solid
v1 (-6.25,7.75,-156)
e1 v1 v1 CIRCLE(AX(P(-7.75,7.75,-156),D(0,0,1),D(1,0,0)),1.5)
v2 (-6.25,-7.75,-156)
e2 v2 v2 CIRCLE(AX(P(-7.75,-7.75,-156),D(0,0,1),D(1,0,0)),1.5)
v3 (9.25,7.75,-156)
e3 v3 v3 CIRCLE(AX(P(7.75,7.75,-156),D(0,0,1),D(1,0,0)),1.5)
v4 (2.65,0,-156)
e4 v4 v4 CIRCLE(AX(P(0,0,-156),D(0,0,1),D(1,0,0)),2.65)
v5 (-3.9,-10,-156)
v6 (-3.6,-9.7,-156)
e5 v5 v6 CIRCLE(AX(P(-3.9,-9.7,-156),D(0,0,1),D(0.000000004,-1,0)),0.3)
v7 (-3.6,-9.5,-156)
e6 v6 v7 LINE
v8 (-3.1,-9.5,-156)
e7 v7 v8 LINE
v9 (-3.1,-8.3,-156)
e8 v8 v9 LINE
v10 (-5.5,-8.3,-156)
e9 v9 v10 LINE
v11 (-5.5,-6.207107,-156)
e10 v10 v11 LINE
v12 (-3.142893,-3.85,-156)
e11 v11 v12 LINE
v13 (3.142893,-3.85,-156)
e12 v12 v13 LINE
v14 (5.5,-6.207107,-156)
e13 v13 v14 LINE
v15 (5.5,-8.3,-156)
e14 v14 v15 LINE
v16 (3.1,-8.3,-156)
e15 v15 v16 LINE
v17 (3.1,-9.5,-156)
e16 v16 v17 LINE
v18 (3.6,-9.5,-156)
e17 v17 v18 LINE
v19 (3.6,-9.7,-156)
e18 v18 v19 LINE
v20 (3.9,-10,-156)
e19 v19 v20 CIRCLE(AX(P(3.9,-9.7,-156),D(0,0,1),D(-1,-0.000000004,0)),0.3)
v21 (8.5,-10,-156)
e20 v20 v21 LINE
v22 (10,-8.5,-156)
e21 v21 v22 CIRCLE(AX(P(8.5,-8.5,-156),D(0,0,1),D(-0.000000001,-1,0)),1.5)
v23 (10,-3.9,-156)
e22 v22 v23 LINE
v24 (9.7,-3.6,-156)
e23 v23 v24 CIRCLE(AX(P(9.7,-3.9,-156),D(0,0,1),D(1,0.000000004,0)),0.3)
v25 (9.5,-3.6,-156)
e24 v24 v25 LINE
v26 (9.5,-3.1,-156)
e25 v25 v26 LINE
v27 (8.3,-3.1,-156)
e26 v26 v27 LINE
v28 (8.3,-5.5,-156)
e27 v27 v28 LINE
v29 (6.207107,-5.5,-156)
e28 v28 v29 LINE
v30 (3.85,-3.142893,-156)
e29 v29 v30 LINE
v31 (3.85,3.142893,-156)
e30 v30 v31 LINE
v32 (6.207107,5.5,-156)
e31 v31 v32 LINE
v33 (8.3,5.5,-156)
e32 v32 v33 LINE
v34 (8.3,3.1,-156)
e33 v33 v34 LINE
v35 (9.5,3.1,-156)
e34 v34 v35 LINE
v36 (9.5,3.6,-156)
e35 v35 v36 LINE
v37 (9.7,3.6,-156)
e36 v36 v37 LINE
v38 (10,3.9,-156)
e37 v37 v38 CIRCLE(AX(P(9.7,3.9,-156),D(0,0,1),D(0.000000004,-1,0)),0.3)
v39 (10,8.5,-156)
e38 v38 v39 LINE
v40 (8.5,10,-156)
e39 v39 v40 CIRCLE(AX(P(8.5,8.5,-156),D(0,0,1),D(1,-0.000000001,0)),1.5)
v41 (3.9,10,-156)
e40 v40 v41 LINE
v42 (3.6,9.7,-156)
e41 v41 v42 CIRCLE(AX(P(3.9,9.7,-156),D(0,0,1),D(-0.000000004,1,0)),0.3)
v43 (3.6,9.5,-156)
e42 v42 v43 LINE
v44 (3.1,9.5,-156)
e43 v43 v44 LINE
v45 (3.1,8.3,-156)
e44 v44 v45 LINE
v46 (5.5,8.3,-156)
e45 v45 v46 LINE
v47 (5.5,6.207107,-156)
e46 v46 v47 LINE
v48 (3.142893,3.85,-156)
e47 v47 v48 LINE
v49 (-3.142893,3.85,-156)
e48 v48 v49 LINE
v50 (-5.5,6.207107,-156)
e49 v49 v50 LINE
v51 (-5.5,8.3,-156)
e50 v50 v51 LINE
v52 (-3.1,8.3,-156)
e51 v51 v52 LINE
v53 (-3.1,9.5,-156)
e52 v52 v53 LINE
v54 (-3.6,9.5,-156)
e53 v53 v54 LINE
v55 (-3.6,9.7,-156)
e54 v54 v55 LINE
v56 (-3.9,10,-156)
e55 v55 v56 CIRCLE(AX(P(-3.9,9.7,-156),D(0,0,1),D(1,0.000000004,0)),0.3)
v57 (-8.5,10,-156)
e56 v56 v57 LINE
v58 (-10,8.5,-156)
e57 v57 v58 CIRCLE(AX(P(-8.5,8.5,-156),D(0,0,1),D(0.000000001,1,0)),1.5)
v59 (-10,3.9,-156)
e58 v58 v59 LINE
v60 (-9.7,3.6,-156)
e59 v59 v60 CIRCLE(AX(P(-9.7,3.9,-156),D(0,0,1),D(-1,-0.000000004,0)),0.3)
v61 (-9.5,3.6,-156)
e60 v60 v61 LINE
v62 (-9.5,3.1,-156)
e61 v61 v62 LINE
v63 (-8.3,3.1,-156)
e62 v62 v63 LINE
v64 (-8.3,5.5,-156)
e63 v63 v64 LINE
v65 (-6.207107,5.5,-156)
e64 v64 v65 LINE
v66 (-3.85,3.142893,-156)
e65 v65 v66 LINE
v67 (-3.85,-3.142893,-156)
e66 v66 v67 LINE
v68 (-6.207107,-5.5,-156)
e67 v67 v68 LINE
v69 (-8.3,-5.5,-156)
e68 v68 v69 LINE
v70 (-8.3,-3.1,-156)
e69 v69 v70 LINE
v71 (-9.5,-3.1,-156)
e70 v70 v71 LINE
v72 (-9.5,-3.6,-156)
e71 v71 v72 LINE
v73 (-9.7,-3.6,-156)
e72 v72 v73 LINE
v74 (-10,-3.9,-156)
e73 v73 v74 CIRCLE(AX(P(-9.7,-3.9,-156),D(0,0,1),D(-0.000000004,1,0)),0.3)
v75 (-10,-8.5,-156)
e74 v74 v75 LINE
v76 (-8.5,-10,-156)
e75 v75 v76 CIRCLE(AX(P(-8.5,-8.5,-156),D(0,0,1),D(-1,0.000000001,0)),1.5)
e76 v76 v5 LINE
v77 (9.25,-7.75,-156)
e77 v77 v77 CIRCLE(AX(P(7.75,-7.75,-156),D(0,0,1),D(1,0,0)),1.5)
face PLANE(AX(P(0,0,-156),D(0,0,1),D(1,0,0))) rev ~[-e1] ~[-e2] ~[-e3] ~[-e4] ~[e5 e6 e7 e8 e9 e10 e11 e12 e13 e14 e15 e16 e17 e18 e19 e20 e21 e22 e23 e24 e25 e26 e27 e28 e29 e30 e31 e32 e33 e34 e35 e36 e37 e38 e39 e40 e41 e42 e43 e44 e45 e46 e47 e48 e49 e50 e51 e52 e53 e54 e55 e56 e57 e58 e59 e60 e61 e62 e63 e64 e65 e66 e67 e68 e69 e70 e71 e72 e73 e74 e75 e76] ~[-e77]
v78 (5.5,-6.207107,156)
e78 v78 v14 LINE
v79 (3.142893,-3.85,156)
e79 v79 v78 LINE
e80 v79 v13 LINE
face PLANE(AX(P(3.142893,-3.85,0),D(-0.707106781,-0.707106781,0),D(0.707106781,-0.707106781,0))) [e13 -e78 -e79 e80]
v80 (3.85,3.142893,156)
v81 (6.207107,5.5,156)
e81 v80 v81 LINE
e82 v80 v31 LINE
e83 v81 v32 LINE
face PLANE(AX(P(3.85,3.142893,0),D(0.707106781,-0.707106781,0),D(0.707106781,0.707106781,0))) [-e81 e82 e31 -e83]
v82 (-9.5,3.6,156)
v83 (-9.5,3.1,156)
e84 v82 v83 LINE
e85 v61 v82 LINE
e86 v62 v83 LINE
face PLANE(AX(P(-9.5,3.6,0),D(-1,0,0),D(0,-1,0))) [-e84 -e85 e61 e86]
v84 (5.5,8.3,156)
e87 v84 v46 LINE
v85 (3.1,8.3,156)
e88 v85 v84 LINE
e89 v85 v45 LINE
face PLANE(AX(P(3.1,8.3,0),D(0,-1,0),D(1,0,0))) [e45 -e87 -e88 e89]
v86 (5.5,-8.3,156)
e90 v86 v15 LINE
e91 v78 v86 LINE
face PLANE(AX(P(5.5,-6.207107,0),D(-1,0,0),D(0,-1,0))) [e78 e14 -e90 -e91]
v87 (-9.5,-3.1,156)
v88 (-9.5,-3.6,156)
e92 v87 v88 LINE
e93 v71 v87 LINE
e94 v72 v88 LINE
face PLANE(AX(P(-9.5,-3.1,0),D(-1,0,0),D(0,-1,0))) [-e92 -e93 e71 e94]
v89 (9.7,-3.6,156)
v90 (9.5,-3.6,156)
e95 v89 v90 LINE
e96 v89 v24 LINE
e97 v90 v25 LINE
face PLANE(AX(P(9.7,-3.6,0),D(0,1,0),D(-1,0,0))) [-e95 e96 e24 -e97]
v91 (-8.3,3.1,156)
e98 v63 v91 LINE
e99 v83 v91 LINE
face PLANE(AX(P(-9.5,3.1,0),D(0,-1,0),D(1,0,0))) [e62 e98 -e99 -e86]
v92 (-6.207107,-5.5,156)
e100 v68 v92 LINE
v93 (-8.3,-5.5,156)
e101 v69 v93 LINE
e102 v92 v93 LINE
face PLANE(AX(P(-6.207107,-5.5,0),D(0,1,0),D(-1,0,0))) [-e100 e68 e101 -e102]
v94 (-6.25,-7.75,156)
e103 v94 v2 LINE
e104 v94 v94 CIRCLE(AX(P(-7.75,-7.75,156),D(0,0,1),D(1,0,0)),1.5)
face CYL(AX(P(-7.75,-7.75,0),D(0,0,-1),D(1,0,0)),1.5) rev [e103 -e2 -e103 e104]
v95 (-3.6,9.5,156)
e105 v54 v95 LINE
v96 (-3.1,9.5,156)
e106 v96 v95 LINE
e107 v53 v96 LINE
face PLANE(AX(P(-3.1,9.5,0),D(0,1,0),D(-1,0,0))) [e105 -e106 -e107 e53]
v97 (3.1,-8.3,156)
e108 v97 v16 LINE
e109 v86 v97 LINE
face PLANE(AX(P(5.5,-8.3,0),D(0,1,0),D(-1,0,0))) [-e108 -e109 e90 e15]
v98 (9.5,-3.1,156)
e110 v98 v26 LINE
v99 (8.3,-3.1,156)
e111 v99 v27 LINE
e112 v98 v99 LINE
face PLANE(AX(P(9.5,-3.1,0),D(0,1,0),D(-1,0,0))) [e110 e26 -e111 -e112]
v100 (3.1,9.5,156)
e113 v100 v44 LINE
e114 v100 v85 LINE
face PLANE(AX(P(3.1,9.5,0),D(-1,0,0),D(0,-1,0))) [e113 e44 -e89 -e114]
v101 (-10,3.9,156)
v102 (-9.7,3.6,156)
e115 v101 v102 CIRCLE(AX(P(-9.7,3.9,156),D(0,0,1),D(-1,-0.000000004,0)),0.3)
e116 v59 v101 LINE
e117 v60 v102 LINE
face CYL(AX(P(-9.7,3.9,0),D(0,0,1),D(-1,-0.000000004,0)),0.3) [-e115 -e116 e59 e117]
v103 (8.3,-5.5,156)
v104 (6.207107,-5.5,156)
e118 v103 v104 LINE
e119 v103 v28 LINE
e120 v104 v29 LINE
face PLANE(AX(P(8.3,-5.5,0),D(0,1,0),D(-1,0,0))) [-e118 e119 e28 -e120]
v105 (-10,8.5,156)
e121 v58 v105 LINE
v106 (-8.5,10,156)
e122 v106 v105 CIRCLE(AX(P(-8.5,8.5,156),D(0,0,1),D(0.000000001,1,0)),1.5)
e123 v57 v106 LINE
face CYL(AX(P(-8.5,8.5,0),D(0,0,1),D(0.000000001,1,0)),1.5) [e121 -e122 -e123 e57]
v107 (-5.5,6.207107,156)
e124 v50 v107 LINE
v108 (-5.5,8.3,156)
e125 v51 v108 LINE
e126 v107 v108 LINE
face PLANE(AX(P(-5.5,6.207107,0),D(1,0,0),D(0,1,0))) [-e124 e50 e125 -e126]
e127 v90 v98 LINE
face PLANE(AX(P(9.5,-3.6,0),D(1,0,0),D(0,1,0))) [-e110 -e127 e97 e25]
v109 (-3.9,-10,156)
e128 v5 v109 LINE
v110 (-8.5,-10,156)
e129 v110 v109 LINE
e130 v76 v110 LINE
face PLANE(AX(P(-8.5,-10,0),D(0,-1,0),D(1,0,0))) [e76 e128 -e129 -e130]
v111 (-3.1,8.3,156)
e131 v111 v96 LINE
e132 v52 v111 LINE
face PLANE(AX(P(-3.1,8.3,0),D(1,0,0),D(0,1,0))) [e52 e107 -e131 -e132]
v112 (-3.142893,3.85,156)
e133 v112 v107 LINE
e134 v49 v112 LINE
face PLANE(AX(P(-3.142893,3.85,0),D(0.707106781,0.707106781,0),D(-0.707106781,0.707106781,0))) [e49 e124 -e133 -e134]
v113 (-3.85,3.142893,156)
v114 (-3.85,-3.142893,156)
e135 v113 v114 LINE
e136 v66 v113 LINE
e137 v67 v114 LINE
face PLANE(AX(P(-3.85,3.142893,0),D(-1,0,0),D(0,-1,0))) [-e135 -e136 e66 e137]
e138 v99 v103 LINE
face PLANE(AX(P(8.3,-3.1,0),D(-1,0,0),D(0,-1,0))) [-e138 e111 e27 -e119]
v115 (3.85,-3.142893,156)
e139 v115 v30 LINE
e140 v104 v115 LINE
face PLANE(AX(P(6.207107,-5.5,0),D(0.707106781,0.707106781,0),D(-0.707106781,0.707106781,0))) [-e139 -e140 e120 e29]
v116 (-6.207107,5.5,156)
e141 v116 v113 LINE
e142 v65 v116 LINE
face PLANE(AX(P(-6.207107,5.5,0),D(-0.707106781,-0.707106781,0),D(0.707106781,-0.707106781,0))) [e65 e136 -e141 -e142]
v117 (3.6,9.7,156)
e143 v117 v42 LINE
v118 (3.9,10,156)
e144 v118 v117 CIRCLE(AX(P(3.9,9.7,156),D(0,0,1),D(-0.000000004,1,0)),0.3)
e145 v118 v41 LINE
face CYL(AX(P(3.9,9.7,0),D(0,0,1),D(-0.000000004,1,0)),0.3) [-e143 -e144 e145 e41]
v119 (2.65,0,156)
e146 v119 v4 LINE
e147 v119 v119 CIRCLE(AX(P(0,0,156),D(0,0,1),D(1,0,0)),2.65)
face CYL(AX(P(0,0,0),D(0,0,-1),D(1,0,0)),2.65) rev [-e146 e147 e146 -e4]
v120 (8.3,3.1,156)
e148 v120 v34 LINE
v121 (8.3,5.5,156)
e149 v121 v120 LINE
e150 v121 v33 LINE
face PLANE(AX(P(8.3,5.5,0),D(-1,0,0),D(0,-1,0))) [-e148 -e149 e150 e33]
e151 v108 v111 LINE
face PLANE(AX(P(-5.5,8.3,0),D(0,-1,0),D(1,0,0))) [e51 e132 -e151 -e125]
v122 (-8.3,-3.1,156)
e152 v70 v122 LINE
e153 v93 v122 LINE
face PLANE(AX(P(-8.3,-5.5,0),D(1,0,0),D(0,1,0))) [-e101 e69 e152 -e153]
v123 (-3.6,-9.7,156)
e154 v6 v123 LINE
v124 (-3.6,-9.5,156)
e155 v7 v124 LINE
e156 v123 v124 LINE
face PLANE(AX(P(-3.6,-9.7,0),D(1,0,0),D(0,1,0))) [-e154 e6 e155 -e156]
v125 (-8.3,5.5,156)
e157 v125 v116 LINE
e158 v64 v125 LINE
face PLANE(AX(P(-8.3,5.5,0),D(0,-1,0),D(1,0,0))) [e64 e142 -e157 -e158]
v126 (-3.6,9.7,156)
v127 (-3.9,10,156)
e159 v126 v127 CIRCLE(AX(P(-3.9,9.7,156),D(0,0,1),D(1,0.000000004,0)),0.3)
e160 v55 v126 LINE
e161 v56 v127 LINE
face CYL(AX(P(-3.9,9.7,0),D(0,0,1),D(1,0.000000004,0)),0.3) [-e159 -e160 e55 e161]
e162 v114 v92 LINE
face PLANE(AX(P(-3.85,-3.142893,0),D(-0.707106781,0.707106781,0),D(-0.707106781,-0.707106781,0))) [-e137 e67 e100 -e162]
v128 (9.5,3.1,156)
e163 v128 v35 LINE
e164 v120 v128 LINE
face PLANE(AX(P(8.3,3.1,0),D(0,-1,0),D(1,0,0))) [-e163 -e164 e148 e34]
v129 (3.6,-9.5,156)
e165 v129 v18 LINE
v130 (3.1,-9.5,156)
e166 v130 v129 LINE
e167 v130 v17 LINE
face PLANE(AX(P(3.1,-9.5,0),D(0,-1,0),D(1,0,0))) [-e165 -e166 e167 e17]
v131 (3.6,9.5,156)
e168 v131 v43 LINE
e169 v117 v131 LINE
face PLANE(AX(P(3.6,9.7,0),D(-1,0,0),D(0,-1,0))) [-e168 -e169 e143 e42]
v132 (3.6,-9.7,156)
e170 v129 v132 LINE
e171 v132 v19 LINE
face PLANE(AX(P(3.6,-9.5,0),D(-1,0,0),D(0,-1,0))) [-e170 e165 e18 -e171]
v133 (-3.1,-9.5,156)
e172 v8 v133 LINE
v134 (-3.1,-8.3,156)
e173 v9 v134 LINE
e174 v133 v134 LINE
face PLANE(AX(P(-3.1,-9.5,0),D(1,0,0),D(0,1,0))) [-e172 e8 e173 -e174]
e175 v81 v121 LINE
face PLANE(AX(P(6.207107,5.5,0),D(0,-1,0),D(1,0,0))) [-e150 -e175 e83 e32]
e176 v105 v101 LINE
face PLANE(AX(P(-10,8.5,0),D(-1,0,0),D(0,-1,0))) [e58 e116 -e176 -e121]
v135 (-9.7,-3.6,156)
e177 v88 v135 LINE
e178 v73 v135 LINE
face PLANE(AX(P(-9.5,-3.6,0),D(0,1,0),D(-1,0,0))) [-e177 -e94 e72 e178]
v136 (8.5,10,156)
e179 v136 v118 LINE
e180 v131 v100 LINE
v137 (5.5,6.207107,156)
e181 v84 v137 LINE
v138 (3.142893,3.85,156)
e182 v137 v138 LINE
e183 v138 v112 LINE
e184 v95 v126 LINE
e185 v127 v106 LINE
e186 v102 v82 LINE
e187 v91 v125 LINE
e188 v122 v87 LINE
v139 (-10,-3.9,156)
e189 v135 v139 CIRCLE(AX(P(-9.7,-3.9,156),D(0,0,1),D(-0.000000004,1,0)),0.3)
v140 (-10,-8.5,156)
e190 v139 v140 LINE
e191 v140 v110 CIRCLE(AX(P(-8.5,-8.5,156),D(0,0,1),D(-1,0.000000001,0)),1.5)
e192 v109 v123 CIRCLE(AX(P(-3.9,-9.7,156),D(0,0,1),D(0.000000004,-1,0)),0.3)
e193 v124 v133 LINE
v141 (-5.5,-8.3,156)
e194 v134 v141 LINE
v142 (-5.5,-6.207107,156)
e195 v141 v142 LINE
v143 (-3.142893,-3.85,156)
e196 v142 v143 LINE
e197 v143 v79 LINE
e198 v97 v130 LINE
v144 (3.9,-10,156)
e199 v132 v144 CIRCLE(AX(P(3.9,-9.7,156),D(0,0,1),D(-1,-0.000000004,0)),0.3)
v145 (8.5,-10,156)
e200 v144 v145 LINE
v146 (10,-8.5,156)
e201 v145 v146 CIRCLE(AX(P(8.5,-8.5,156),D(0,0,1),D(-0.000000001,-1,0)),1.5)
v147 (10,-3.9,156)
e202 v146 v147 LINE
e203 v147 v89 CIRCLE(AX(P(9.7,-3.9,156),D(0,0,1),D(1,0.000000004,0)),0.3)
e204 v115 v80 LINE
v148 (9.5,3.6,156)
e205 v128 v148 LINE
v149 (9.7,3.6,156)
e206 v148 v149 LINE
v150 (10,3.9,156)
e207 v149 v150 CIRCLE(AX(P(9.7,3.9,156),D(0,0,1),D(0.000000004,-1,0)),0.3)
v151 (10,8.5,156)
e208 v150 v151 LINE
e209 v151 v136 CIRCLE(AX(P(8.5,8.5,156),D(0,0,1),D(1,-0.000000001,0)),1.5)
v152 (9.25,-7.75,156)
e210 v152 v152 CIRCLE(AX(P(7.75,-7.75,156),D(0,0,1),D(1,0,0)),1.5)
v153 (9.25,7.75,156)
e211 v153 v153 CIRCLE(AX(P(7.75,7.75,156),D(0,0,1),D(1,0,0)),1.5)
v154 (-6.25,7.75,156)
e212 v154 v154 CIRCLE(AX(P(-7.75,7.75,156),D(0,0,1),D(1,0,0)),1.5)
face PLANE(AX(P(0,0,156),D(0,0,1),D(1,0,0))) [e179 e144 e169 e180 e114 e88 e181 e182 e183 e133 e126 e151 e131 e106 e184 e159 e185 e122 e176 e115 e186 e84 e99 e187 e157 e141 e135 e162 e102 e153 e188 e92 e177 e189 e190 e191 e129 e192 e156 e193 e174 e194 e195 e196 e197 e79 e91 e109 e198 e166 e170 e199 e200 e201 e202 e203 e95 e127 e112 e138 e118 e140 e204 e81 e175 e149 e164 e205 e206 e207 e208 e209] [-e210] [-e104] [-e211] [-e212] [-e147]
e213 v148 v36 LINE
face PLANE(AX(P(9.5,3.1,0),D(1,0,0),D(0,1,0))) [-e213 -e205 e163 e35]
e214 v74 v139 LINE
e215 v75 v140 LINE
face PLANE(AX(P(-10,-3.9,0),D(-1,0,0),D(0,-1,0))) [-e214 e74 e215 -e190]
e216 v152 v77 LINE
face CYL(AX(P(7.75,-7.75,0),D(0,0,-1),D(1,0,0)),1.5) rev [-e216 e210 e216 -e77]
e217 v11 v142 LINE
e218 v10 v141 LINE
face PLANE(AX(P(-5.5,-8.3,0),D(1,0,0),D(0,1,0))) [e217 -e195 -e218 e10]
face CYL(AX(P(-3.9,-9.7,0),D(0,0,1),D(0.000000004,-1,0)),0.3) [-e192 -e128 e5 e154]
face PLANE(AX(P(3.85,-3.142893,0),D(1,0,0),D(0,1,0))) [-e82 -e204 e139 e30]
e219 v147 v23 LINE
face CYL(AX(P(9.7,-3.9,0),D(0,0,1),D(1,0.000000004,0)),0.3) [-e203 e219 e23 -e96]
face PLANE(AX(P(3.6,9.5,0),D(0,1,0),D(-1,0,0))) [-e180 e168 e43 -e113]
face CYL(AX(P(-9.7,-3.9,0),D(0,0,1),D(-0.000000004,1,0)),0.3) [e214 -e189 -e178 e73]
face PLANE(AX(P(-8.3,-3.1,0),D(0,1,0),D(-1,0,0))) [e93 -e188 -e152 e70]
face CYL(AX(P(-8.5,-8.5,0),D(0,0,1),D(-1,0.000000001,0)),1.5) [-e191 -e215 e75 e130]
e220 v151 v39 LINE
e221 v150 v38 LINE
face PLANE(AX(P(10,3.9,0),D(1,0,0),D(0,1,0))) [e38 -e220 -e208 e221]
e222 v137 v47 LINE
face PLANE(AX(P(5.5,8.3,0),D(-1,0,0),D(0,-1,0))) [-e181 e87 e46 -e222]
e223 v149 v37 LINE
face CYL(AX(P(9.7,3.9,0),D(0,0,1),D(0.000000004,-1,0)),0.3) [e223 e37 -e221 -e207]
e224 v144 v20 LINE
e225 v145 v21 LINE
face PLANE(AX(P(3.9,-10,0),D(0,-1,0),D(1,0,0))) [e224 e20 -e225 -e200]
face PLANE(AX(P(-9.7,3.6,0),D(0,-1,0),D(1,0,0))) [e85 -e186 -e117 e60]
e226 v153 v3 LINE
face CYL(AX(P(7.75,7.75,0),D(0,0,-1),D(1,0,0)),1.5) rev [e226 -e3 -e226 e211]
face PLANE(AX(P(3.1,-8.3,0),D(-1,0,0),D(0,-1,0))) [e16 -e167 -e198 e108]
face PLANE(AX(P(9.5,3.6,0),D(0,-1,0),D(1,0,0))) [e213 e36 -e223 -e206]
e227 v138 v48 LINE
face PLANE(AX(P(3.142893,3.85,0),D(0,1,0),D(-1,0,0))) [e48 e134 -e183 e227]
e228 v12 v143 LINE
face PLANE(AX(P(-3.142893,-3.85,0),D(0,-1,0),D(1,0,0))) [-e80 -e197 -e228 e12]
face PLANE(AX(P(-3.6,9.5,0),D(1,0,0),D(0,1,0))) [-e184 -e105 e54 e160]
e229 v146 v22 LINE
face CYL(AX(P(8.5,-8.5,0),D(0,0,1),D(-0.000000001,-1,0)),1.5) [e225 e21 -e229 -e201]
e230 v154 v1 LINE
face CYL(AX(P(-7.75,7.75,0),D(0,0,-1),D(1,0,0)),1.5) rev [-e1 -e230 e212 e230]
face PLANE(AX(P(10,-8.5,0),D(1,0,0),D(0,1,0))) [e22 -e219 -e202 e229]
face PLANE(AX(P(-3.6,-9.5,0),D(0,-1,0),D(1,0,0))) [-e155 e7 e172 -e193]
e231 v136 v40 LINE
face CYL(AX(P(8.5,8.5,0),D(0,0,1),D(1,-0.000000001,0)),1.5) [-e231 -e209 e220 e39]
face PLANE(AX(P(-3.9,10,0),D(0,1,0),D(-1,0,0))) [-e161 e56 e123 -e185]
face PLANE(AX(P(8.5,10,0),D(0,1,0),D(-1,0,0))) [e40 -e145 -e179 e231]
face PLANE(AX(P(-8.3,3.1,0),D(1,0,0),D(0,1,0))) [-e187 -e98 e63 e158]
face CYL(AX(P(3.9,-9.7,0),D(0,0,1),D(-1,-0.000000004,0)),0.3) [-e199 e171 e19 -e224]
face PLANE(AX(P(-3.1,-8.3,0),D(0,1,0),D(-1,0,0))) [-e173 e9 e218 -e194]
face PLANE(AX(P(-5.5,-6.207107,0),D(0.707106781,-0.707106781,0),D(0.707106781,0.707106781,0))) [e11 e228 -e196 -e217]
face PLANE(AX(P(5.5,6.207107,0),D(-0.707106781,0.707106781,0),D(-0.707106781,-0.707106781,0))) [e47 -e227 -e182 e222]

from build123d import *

# Parameters (mm, degrees)
SKETCH_1_R      = 2.65
SKETCH_1_R_2    = 1.5
EXTRUDE_1_DEPTH = 156


with BuildPart() as part:
    # 草图1 → 凸台-拉伸1 (new, symmetric)
    with BuildSketch(Plane.XY):
        with BuildLine():
            Line((3.142893219, 3.85), (-3.142893219, 3.85))
            Line((-3.142893219, 3.85), (-5.5, 6.207106781))
            Line((-5.5, 6.207106781), (-5.5, 8.3))
            Line((-5.5, 8.3), (-3.1, 8.3))
            Line((-3.1, 8.3), (-3.1, 9.5))
            Line((-3.1, 9.5), (-3.6, 9.5))
            Line((-3.6, 9.5), (-3.6, 9.7))
            ThreePointArc((-3.6, 9.7), (-3.687867966, 9.912132034), (-3.9, 10))
            Line((-3.9, 10), (-8.5, 10))
            ThreePointArc((-8.5, 10), (-9.560660172, 9.560660172), (-10, 8.5))
            Line((-10, 8.5), (-10, 3.9))
            ThreePointArc((-10, 3.9), (-9.912132034, 3.687867966), (-9.7, 3.6))
            Line((-9.7, 3.6), (-9.5, 3.6))
            Line((-9.5, 3.6), (-9.5, 3.1))
            Line((-9.5, 3.1), (-8.3, 3.1))
            Line((-8.3, 3.1), (-8.3, 5.5))
            Line((-8.3, 5.5), (-6.207106781, 5.5))
            Line((-6.207106781, 5.5), (-3.85, 3.142893219))
            Line((-3.85, 3.142893219), (-3.85, -3.142893219))
            Line((-3.85, -3.142893219), (-6.207106781, -5.5))
            Line((-6.207106781, -5.5), (-8.3, -5.5))
            Line((-8.3, -5.5), (-8.3, -3.1))
            Line((-8.3, -3.1), (-9.5, -3.1))
            Line((-9.5, -3.1), (-9.5, -3.6))
            Line((-9.5, -3.6), (-9.7, -3.6))
            ThreePointArc((-9.7, -3.6), (-9.912132034, -3.687867966), (-10, -3.9))
            Line((-10, -3.9), (-10, -8.5))
            ThreePointArc((-10, -8.5), (-9.560660172, -9.560660172), (-8.5, -10))
            Line((-8.5, -10), (-3.9, -10))
            ThreePointArc((-3.9, -10), (-3.687867966, -9.912132034), (-3.6, -9.7))
            Line((-3.6, -9.7), (-3.6, -9.5))
            Line((-3.6, -9.5), (-3.1, -9.5))
            Line((-3.1, -9.5), (-3.1, -8.3))
            Line((-3.1, -8.3), (-5.5, -8.3))
            Line((-5.5, -8.3), (-5.5, -6.207106781))
            Line((-5.5, -6.207106781), (-3.142893219, -3.85))
            Line((-3.142893219, -3.85), (3.142893219, -3.85))
            Line((3.142893219, -3.85), (5.5, -6.207106781))
            Line((5.5, -6.207106781), (5.5, -8.3))
            Line((5.5, -8.3), (3.1, -8.3))
            Line((3.1, -8.3), (3.1, -9.5))
            Line((3.1, -9.5), (3.6, -9.5))
            Line((3.6, -9.5), (3.6, -9.7))
            ThreePointArc((3.6, -9.7), (3.687867966, -9.912132034), (3.9, -10))
            Line((3.9, -10), (8.5, -10))
            ThreePointArc((8.5, -10), (9.560660172, -9.560660172), (10, -8.5))
            Line((10, -8.5), (10, -3.9))
            ThreePointArc((10, -3.9), (9.912132034, -3.687867966), (9.7, -3.6))
            Line((9.7, -3.6), (9.5, -3.6))
            Line((9.5, -3.6), (9.5, -3.1))
            Line((9.5, -3.1), (8.3, -3.1))
            Line((8.3, -3.1), (8.3, -5.5))
            Line((8.3, -5.5), (6.207106781, -5.5))
            Line((6.207106781, -5.5), (3.85, -3.142893219))
            Line((3.85, -3.142893219), (3.85, 3.142893219))
            Line((3.85, 3.142893219), (6.207106781, 5.5))
            Line((6.207106781, 5.5), (8.3, 5.5))
            Line((8.3, 5.5), (8.3, 3.1))
            Line((8.3, 3.1), (9.5, 3.1))
            Line((9.5, 3.1), (9.5, 3.6))
            Line((9.5, 3.6), (9.7, 3.6))
            ThreePointArc((9.7, 3.6), (9.912132034, 3.687867966), (10, 3.9))
            Line((10, 3.9), (10, 8.5))
            ThreePointArc((10, 8.5), (9.560660172, 9.560660172), (8.5, 10))
            Line((8.5, 10), (3.9, 10))
            ThreePointArc((3.9, 10), (3.687867966, 9.912132034), (3.6, 9.7))
            Line((3.6, 9.7), (3.6, 9.5))
            Line((3.6, 9.5), (3.1, 9.5))
            Line((3.1, 9.5), (3.1, 8.3))
            Line((3.1, 8.3), (5.5, 8.3))
            Line((5.5, 8.3), (5.5, 6.207106781))
            Line((5.5, 6.207106781), (3.142893219, 3.85))
        make_face()
        Circle(SKETCH_1_R, mode=Mode.SUBTRACT)
        with Locations((-7.75, 7.75)):
            Circle(SKETCH_1_R_2, mode=Mode.SUBTRACT)
        with Locations((7.75, 7.75)):
            Circle(SKETCH_1_R_2, mode=Mode.SUBTRACT)
        with Locations((7.75, -7.75)):
            Circle(SKETCH_1_R_2, mode=Mode.SUBTRACT)
        with Locations((-7.75, -7.75)):
            Circle(SKETCH_1_R_2, mode=Mode.SUBTRACT)
    extrude(amount=EXTRUDE_1_DEPTH, both=True)


solid = part.part
